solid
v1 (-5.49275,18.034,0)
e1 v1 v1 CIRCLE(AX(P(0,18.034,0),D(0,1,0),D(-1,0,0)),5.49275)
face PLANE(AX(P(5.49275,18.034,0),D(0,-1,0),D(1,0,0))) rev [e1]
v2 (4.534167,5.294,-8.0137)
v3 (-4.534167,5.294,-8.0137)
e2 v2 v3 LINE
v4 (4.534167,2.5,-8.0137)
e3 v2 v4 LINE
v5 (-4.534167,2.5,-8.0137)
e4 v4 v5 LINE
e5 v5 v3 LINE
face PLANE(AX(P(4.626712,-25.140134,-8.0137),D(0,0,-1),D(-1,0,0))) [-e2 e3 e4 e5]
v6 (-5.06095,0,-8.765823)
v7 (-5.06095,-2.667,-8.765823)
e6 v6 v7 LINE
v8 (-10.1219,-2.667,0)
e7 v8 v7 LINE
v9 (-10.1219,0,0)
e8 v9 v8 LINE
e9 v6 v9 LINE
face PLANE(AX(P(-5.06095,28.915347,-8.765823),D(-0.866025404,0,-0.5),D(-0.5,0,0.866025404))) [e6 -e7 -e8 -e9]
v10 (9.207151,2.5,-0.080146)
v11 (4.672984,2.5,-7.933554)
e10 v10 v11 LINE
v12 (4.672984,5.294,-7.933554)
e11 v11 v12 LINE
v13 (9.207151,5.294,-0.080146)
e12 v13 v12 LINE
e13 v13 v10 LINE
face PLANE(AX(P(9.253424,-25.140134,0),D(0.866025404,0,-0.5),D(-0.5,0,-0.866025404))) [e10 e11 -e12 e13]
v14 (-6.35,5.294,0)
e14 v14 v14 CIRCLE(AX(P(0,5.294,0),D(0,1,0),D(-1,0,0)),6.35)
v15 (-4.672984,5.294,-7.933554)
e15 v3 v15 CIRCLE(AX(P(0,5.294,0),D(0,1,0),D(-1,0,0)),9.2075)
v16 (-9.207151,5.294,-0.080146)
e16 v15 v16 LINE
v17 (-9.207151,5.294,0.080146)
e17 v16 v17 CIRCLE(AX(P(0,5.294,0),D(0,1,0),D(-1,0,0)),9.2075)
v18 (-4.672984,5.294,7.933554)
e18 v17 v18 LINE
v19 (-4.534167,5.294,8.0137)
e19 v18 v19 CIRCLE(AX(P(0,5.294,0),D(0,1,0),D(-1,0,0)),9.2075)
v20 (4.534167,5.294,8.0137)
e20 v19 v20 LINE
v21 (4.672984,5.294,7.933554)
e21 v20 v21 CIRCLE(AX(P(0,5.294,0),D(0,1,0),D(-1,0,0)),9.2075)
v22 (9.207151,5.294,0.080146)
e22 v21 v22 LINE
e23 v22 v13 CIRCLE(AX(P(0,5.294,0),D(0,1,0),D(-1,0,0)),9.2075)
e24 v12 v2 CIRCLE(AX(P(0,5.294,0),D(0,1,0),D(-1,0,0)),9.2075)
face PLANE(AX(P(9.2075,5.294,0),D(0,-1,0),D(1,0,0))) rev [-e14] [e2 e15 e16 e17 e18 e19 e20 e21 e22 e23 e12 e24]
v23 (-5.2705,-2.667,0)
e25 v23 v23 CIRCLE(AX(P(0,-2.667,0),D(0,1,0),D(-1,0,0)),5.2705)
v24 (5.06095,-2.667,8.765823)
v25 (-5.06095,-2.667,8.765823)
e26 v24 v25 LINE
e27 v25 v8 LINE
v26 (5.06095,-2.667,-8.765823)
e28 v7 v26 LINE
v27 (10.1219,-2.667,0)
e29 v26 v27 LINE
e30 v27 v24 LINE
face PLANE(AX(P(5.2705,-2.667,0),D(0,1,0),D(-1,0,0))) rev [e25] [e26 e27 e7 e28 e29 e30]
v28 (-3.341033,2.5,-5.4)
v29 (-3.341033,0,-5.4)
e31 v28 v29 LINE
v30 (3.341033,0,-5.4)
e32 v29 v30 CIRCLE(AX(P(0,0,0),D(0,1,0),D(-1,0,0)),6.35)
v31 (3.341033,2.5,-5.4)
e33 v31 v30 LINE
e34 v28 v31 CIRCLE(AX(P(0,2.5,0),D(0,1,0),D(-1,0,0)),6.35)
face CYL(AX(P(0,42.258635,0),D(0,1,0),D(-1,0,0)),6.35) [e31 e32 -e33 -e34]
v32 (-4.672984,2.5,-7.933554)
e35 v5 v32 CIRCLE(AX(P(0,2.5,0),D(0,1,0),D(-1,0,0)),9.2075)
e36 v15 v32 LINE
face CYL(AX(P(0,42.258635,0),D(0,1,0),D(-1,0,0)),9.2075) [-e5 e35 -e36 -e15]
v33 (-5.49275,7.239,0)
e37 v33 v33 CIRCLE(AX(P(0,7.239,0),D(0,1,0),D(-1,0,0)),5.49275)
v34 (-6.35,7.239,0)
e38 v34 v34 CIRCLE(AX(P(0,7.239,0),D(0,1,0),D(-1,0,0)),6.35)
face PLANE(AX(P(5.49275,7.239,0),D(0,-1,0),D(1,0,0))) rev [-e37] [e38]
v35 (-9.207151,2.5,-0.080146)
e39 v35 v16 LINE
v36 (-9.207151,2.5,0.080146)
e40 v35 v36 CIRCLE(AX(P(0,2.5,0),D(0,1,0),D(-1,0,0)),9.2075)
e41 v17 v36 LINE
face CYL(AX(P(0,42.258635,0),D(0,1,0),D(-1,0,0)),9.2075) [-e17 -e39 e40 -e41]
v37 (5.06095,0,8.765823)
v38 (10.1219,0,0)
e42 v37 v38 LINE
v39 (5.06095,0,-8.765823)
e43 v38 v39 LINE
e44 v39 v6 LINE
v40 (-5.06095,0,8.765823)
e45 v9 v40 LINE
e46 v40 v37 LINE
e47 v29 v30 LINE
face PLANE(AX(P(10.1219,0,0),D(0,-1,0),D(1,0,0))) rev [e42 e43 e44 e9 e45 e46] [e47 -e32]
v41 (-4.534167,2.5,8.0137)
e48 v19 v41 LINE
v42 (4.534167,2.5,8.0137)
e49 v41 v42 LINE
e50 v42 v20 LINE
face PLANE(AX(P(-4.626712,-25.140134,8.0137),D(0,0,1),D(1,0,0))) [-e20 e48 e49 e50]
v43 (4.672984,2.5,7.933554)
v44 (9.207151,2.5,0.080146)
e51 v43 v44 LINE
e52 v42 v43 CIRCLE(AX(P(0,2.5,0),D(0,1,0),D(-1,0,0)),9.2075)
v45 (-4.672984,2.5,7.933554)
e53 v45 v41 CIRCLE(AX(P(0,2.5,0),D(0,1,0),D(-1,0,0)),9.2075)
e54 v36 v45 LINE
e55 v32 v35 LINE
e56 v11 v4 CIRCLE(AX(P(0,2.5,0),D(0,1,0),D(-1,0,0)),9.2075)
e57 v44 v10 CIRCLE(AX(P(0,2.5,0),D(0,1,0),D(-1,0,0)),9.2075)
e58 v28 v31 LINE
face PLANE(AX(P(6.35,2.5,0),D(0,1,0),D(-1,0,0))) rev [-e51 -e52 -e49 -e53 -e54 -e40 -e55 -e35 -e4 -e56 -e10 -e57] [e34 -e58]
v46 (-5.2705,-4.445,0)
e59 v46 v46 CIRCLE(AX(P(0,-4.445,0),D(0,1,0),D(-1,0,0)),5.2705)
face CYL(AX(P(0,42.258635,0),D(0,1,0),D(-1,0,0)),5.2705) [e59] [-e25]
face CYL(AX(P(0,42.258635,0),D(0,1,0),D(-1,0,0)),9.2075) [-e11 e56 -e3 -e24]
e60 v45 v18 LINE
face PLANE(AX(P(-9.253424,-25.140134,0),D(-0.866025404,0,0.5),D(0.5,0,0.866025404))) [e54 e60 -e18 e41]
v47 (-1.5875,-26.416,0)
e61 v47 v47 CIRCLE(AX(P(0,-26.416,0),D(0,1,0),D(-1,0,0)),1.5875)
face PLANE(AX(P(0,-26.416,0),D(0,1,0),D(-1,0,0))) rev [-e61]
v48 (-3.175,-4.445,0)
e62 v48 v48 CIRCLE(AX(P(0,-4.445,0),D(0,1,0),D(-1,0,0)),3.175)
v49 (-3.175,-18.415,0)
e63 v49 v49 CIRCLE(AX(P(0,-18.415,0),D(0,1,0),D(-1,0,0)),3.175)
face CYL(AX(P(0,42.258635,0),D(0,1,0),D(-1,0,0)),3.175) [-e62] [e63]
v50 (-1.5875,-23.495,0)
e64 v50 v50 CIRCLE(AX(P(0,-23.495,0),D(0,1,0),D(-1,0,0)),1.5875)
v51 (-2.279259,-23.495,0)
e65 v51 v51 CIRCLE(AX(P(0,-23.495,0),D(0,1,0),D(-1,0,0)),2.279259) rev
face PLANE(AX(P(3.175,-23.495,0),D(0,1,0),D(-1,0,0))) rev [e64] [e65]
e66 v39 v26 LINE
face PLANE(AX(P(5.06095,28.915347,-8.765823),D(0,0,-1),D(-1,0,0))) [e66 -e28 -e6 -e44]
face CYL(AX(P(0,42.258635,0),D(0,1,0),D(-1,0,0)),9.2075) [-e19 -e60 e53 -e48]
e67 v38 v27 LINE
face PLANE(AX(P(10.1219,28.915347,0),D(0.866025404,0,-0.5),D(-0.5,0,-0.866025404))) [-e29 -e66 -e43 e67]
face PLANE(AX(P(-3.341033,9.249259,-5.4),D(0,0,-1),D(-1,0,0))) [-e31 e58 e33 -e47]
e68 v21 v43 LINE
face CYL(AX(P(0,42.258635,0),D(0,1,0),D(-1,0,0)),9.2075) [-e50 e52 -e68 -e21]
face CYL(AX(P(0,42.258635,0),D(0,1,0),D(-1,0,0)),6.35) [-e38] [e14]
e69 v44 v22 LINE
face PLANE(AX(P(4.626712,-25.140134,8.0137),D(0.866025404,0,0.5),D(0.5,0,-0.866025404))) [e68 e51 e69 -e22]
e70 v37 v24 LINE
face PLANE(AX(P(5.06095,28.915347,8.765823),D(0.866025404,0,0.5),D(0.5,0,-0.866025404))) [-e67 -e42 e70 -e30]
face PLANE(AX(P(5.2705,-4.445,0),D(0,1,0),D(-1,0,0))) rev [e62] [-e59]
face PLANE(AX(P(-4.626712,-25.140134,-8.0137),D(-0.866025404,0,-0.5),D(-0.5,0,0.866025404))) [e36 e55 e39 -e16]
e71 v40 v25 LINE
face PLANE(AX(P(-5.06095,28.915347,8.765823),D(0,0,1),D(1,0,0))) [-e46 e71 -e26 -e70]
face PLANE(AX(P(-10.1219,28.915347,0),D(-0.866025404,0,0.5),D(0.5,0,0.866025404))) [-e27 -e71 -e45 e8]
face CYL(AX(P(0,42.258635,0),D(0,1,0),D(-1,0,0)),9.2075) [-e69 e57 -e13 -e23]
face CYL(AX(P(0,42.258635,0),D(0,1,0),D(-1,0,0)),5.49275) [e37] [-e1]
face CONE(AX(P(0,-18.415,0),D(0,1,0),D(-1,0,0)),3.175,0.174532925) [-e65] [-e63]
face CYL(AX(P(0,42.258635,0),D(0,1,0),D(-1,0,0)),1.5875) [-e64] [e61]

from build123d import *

# Parameters (mm, degrees)
SKETCH2_OUTSIDE_W  = 32.818
SKETCH2_OUTSIDE_H  = 32.818
CUT_EXTRUDE1_DEPTH = 2.667
CHAMFER1_SIZE      = 5.08
CHAMFER1_SIZE2     = 0.895741062
SKETCH3_OUTSIDE_W  = 32.684
SKETCH3_OUTSIDE_H  = 30.854
CUT_EXTRUDE2_DEPTH = 2.794
CUT_EXTRUDE3_START = 2.5
CUT_EXTRUDE3_DEPTH = 2.5


with BuildPart() as part:
    # Sketch1 → Revolve1 (revolve)
    with BuildSketch(Plane.XY, mode=Mode.PRIVATE) as revolve1_sk:
        Polygon((1.5875, -26.416), (1.5875, -23.495), (3.175, -23.495), (3.175, -4.445), (5.2705, -4.445), (5.2705, -2.667), (10.1219, -2.667), (10.1219, 0), (6.35, 0), (6.35, 2.5), (9.2075, 2.5), (9.2075, 5.294), (6.35, 5.294), (6.35, 7.239), (5.49275, 7.239), (5.49275, 18.034), (0, 18.034), (0, -26.416), align=None)
    revolve(revolve1_sk.sketch.rotate(Axis((0, 42.258635304, 0), (0, -1, 0)), 180), axis=Axis((0, 42.258635304, 0), (0, -1, 0)))

    # Sketch2 outside → Cut-Extrude1 (cut)
    with BuildSketch(Plane.XZ.offset(2.667)):
        Rectangle(SKETCH2_OUTSIDE_W, SKETCH2_OUTSIDE_H)
        Polygon((-5.06095, 8.765822535), (5.06095, 8.765822535), (10.1219, 0), (5.06095, -8.765822535), (-5.06095, -8.765822535), (-10.1219, 0), align=None, mode=Mode.SUBTRACT)
    extrude(amount=-CUT_EXTRUDE1_DEPTH, mode=Mode.SUBTRACT)

    # Chamfer1
    chamfer1_edges = [part.edges().sort_by_distance(p)[0] for p in [
        (3.175, -23.495, 0),
    ]]
    chamfer1_side = [part.faces().sort_by_distance(p)[0] for p in [
        (3.175, -13.97, 0),
    ]]
    chamfer(chamfer1_edges, length=CHAMFER1_SIZE, length2=CHAMFER1_SIZE2, reference=chamfer1_side[0])

    # Sketch3 outside → Cut-Extrude2 (cut)
    with BuildSketch(Plane(origin=(0, 5.294, 0), x_dir=(1, 0, 0), z_dir=(0, 1, 0))):
        Rectangle(SKETCH3_OUTSIDE_W, SKETCH3_OUTSIDE_H)
        Polygon((4.626711852, -8.0137), (9.253423704, 0), (4.626711852, 8.0137), (-4.626711852, 8.0137), (-9.253423704, 0), (-4.626711852, -8.0137), align=None, mode=Mode.SUBTRACT)
    extrude(amount=-CUT_EXTRUDE2_DEPTH, mode=Mode.SUBTRACT)

    # Sketch4 → Cut-Extrude3 (cut)
    with BuildSketch(Plane(origin=(0, 0, 0), x_dir=(1, 0, 0), z_dir=(0, 1, 0)).offset(CUT_EXTRUDE3_START)):
        with BuildLine():
            Line((-3.341032774, 5.4), (3.341032774, 5.4))
            ThreePointArc((3.341032774, 5.4), (0, 6.35), (-3.341032774, 5.4))
        make_face()
    extrude(amount=-CUT_EXTRUDE3_DEPTH, mode=Mode.SUBTRACT)


solid = part.part
